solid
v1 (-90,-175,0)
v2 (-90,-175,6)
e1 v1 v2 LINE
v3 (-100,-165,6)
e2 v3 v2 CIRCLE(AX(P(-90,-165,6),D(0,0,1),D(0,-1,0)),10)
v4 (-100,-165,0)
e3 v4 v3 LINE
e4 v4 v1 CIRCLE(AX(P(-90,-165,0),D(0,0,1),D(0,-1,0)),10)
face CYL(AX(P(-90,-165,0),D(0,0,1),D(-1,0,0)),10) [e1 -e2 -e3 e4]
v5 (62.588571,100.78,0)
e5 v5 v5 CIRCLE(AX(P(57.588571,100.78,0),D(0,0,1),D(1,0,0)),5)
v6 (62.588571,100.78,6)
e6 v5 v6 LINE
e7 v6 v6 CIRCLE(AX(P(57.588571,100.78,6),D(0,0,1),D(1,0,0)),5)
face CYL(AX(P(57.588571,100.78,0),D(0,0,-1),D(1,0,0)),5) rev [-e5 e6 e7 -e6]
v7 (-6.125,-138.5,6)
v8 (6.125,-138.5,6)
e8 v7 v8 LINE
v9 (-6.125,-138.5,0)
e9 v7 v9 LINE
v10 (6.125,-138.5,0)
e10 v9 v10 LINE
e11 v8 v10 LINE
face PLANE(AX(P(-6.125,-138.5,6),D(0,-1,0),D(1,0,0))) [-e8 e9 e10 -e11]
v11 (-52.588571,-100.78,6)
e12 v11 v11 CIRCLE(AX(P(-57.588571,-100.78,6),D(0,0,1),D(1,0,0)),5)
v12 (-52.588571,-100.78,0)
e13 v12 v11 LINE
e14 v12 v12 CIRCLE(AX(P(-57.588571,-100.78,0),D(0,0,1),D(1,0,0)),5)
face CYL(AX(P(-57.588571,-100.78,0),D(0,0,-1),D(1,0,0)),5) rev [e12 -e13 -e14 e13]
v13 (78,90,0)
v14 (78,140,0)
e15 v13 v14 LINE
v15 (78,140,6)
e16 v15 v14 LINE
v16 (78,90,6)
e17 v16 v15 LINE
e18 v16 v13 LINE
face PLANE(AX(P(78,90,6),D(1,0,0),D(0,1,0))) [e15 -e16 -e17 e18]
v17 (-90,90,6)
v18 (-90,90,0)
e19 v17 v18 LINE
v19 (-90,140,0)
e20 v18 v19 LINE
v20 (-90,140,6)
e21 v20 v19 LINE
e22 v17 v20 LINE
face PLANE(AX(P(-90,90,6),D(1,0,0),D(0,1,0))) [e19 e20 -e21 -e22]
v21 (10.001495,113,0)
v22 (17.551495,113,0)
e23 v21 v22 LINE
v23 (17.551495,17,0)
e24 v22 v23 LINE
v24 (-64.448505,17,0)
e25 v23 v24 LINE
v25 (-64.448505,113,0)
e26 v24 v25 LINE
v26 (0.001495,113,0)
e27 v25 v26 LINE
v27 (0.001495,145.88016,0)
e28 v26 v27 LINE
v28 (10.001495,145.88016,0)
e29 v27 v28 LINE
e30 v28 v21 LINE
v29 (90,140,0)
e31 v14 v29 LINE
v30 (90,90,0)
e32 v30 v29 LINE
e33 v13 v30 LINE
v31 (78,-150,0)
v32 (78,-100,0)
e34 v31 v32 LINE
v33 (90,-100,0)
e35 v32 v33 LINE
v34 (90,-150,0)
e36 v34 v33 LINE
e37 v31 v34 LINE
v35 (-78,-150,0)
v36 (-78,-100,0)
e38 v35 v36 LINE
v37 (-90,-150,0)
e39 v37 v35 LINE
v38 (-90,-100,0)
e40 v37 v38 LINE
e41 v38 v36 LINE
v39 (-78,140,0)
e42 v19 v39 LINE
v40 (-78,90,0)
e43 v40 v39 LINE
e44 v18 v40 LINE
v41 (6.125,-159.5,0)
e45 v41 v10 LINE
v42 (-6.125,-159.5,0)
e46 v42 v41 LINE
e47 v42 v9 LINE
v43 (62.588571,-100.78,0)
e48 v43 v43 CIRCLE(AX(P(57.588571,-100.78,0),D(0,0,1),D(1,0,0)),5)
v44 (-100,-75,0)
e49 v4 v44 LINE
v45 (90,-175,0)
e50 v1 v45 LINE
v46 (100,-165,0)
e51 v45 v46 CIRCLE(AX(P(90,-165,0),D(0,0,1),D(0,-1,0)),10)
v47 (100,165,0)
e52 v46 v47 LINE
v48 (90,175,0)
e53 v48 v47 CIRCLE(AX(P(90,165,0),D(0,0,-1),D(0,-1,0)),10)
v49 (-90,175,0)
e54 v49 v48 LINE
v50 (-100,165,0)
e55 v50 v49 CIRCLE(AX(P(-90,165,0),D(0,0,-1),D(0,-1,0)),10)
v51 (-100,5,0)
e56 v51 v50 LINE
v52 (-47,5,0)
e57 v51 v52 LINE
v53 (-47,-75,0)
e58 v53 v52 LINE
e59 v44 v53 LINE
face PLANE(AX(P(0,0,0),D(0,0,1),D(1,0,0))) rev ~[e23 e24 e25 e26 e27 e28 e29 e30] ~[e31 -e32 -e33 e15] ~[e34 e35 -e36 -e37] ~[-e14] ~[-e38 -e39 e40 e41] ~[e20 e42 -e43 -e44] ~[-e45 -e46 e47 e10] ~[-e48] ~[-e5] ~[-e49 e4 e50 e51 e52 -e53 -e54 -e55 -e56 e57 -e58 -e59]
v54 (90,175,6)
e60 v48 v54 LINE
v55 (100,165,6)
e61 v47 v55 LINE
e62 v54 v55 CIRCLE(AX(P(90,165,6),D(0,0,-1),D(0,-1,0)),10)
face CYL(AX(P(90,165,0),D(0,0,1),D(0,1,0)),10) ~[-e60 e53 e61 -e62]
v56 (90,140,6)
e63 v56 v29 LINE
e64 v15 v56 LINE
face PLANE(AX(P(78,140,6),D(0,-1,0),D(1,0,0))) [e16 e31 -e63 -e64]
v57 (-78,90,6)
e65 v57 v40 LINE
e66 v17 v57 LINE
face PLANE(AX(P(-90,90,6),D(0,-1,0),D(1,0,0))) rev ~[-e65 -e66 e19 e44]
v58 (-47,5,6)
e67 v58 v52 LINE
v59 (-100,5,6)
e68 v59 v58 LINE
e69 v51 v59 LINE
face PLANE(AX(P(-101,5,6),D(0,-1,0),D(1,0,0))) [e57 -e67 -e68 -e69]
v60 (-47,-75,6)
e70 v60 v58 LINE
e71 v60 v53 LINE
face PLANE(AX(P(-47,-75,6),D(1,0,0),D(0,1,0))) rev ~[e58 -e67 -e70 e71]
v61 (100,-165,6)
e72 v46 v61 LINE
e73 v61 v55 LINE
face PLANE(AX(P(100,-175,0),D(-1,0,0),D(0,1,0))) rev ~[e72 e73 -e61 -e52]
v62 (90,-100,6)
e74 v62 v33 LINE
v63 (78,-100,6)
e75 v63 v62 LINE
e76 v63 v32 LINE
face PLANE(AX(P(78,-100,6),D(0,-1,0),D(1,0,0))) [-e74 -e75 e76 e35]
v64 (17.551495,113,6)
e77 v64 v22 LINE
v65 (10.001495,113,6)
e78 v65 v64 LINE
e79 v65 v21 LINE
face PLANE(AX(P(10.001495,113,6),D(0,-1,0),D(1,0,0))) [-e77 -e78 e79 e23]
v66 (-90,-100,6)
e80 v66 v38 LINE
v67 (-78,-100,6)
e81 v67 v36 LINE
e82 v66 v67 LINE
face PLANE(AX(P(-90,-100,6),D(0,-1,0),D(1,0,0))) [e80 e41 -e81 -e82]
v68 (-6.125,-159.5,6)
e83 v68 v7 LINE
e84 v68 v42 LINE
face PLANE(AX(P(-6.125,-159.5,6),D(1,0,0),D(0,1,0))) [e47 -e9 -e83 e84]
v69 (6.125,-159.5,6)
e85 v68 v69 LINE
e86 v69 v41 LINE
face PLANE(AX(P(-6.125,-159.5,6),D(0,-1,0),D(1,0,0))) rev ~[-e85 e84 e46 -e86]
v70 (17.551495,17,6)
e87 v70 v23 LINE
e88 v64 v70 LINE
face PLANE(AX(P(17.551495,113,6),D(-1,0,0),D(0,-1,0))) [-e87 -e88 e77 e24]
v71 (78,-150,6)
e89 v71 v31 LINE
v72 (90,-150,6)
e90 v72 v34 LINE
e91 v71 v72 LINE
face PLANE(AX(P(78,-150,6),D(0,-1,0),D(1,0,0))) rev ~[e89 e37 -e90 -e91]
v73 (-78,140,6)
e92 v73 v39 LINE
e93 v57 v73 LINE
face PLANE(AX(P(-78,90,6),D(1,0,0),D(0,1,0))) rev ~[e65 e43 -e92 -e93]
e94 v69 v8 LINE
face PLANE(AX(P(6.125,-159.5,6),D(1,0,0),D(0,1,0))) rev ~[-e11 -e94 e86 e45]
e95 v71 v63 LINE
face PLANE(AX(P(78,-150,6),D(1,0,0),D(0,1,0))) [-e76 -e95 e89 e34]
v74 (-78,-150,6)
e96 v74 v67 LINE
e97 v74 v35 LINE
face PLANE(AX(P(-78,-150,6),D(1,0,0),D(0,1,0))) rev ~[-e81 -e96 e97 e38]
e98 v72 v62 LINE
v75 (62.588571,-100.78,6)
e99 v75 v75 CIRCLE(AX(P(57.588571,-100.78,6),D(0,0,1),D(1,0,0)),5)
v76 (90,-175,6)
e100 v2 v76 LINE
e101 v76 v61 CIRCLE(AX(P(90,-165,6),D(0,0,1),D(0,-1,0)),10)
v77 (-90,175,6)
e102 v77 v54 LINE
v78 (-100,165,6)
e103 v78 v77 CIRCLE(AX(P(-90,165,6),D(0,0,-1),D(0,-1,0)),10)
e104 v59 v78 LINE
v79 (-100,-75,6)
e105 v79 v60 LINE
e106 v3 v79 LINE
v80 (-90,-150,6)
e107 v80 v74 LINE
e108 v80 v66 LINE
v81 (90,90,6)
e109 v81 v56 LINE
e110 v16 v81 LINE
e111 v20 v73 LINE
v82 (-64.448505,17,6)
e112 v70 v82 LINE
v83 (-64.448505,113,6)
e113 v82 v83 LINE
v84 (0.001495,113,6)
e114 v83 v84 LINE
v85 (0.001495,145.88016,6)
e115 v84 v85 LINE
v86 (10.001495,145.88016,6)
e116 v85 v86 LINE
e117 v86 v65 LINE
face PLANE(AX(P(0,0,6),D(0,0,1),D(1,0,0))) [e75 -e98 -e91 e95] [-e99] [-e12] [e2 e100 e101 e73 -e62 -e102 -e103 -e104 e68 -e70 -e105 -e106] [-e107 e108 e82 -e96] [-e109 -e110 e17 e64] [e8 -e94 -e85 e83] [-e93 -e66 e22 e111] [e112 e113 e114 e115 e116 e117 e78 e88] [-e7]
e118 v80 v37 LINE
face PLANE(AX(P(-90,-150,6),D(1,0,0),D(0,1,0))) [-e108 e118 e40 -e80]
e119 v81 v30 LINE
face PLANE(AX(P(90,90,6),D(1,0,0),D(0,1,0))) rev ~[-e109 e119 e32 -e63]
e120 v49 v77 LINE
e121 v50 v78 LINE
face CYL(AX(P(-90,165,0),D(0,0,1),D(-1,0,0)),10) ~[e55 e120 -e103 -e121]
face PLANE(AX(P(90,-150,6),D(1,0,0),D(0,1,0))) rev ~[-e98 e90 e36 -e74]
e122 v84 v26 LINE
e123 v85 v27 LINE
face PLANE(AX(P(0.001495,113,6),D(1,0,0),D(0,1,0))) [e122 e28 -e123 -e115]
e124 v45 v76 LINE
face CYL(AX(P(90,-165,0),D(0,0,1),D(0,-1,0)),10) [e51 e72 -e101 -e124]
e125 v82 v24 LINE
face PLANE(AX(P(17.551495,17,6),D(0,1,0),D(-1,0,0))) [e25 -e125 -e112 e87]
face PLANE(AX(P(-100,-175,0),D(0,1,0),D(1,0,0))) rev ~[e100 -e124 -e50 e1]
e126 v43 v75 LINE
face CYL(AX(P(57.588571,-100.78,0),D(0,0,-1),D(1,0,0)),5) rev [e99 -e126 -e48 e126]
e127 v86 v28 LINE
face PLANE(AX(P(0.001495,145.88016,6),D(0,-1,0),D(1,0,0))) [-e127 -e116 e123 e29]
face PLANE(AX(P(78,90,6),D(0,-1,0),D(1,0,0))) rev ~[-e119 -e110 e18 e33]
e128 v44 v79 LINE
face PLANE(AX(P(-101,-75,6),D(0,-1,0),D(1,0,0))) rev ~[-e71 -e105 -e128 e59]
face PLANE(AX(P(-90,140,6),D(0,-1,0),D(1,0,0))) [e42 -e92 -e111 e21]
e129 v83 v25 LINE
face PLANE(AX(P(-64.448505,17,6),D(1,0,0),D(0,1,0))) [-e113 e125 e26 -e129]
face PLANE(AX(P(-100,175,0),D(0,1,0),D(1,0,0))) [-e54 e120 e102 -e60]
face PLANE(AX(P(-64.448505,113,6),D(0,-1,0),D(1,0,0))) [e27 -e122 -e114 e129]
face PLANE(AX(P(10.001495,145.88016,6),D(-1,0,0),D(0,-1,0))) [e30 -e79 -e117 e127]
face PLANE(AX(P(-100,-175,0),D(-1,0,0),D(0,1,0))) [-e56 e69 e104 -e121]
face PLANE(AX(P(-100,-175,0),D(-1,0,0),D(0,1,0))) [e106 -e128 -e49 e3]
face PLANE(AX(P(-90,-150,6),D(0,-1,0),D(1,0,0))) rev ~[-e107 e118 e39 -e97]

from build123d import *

# Parameters (mm, degrees)
SKETCH1_W           = 200
SKETCH1_H           = 350
SKETCH1_R           = 5
BOSS_EXTRUDE1_DEPTH = 6
FILLET1_R           = 10
SKETCH2_W           = 12
SKETCH2_H           = 50
SKETCH2_W_2         = 54
SKETCH2_H_2         = 80
SKETCH2_W_3         = 12.25
SKETCH2_H_3         = 21
CUT_EXTRUDE1_DEPTH  = 7


with BuildPart() as part:
    # Sketch1 → Boss-Extrude1 (new body)
    with BuildSketch(Plane.XY):
        Rectangle(SKETCH1_W, SKETCH1_H)
        with Locations((-57.588571429, 100.78)):
            Circle(SKETCH1_R, mode=Mode.SUBTRACT)
        with Locations((57.588571429, 100.78)):
            Circle(SKETCH1_R, mode=Mode.SUBTRACT)
        with Locations((57.588571429, -100.78)):
            Circle(SKETCH1_R, mode=Mode.SUBTRACT)
        with Locations((-57.588571429, -100.78)):
            Circle(SKETCH1_R, mode=Mode.SUBTRACT)
    extrude(amount=BOSS_EXTRUDE1_DEPTH)

    # Fillet1
    fillet1_edges = [part.edges().sort_by_distance(p)[0] for p in [
        (100, -175, 3),
        (-100, -175, 3),
        (-100, 175, 3),
        (100, 175, 3),
    ]]
    fillet(fillet1_edges, radius=FILLET1_R)

    # Sketch2 → Cut-Extrude1 (cut, through all)
    with BuildSketch(Plane.XY.offset(6)):
        Polygon((10.001494726, 113), (17.551494726, 113), (17.551494726, 17), (-64.448505274, 17), (-64.448505274, 113), (0.001494726, 113), (0.001494726, 145.880160171), (10.001494726, 145.880160171), align=None)
        with Locations((-84, 115)):
            Rectangle(SKETCH2_W, SKETCH2_H)
        with Locations((-84, -125)):
            Rectangle(SKETCH2_W, SKETCH2_H)
        with Locations((84, -125)):
            Rectangle(SKETCH2_W, SKETCH2_H)
        with Locations((84, 115)):
            Rectangle(SKETCH2_W, SKETCH2_H)
        with Locations((-74, -35)):
            Rectangle(SKETCH2_W_2, SKETCH2_H_2)
        with Locations((0, -149)):
            Rectangle(SKETCH2_W_3, SKETCH2_H_3)
    extrude(amount=-CUT_EXTRUDE1_DEPTH, mode=Mode.SUBTRACT)


solid = part.part
